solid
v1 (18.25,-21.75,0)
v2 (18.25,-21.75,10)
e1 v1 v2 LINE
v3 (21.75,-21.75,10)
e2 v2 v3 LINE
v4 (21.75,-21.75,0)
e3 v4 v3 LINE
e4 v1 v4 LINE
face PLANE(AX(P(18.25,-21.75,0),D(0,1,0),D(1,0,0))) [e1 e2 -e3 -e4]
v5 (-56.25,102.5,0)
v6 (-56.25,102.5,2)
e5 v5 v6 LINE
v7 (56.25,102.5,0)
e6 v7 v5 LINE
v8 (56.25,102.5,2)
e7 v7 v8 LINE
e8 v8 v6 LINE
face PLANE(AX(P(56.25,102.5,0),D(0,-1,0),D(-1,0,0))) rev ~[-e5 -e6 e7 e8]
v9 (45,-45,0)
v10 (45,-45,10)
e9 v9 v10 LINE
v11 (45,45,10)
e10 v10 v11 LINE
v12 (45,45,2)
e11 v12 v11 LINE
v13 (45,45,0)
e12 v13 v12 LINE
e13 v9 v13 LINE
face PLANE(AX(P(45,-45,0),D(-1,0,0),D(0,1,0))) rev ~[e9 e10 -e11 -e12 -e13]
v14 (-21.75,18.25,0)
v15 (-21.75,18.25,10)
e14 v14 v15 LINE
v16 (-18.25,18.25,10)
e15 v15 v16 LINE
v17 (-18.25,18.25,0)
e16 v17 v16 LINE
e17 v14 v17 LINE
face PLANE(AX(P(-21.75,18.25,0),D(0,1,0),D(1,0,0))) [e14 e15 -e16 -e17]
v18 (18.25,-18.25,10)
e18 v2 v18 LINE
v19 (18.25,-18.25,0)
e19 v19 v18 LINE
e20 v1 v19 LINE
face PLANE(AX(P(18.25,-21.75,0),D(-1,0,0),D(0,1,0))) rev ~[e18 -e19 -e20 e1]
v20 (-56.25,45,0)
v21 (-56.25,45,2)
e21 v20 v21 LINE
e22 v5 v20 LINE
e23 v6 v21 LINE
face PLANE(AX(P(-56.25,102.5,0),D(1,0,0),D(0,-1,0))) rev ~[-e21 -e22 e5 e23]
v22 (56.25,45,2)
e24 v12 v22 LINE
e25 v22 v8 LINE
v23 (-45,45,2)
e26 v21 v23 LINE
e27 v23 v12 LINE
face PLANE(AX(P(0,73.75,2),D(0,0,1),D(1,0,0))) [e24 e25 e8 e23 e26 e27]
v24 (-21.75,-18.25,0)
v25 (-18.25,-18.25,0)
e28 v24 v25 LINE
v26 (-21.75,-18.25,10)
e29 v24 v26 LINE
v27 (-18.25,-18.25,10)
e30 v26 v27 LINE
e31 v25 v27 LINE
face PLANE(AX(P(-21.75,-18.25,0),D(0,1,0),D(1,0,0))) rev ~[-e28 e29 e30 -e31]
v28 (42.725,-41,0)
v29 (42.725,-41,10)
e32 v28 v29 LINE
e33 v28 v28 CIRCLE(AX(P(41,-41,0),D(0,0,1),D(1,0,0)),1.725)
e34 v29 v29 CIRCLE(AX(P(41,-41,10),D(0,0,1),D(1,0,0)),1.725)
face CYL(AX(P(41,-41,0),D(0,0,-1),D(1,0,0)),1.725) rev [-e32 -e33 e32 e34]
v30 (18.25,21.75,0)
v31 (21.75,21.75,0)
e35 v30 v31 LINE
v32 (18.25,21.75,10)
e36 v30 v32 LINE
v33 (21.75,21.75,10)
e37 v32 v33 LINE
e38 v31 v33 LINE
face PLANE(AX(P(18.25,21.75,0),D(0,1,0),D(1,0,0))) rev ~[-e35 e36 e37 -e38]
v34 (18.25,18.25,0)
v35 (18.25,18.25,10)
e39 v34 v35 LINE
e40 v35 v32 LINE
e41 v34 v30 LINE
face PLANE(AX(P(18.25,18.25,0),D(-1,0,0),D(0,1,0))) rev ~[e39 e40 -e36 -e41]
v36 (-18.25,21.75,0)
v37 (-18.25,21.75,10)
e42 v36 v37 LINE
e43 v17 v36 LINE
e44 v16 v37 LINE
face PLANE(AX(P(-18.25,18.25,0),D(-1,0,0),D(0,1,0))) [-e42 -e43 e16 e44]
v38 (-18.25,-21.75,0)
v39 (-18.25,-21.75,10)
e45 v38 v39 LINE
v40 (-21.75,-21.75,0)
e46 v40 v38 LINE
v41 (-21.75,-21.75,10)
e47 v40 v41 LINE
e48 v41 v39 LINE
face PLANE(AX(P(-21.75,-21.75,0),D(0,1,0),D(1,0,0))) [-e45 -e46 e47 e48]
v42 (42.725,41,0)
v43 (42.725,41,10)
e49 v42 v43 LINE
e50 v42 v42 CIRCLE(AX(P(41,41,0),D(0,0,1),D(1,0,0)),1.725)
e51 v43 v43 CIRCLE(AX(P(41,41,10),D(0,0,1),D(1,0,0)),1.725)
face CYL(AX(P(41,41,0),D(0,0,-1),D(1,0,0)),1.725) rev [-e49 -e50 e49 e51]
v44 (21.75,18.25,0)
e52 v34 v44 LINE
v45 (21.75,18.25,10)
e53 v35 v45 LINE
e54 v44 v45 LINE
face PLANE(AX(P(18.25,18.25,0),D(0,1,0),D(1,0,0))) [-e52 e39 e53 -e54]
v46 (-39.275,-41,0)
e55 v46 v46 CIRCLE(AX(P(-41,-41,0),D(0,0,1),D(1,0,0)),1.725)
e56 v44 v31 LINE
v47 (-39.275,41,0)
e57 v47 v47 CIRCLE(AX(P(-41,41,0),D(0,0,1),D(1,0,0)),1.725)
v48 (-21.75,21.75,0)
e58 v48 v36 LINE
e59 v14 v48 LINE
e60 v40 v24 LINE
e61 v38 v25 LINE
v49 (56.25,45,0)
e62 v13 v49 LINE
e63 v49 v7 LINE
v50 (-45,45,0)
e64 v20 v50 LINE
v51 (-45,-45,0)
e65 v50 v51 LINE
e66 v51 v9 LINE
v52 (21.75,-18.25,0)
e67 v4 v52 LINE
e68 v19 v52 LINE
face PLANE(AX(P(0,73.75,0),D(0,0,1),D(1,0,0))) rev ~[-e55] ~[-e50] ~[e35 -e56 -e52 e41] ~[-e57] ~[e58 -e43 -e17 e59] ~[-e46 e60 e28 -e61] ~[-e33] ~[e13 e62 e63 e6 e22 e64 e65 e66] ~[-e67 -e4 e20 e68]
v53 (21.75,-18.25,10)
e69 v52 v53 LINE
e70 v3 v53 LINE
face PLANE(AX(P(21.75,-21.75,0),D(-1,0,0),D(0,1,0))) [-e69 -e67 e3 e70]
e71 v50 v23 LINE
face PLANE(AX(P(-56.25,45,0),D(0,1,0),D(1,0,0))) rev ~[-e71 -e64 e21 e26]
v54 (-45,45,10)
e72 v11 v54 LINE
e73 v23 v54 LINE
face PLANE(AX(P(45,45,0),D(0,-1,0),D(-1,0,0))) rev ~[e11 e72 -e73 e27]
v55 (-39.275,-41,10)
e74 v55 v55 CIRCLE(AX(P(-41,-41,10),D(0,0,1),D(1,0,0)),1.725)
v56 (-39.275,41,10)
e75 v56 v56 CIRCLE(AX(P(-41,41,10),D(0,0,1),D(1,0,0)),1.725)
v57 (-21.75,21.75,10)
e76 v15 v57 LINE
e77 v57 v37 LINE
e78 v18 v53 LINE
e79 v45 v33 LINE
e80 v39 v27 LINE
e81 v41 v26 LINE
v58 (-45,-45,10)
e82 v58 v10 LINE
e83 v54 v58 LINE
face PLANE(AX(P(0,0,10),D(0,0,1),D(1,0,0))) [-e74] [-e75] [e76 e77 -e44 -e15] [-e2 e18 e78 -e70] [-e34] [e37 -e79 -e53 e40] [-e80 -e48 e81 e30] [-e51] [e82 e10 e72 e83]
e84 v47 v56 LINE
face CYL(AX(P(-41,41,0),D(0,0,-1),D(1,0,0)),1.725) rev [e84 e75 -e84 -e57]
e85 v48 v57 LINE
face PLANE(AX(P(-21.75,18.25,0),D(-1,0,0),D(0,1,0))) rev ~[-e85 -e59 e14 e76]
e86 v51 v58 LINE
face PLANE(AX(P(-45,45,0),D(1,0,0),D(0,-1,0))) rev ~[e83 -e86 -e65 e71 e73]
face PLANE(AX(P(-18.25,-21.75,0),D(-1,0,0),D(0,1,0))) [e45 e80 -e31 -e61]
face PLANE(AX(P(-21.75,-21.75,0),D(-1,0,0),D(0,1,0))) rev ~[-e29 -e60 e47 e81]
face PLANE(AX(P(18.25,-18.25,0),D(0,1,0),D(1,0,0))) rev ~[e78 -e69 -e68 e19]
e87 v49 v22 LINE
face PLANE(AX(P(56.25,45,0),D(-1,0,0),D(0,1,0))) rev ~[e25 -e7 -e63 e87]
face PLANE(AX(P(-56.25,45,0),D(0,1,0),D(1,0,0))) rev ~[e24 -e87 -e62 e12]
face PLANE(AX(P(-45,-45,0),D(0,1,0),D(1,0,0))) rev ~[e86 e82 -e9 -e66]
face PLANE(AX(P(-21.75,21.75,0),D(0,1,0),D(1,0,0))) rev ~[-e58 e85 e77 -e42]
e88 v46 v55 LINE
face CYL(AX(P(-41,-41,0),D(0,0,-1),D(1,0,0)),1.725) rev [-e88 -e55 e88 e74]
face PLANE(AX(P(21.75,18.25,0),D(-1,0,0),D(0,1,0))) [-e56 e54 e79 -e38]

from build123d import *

# Parameters (mm, degrees)
F0_R     = 1.725
F0_W     = 3.5
F0_H     = 3.5
F1_DEPTH = 10
F3_DEPTH = 2


with BuildPart() as f1:
    # F0 (on Top) → F1 (new body)
    with BuildSketch(Plane.XY):
        Polygon((45, -45), (45, 0), (45, 45), (0, 45), (-45, 45), (-45, 0), (-45, -45), (0, -45), align=None)
        with Locations((-41, -41)):
            Circle(F0_R, mode=Mode.SUBTRACT)
        with Locations((-20, -20)):
            Rectangle(F0_W, F0_H, mode=Mode.SUBTRACT)
        with Locations((41, -41)):
            Circle(F0_R, mode=Mode.SUBTRACT)
        with Locations((20, -20)):
            Rectangle(F0_W, F0_H, mode=Mode.SUBTRACT)
        with Locations((-20, 20)):
            Rectangle(F0_W, F0_H, mode=Mode.SUBTRACT)
        with Locations((-41, 41)):
            Circle(F0_R, mode=Mode.SUBTRACT)
        with Locations((20, 20)):
            Rectangle(F0_W, F0_H, mode=Mode.SUBTRACT)
        with Locations((41, 41)):
            Circle(F0_R, mode=Mode.SUBTRACT)
    extrude(amount=F1_DEPTH)

    # F2 (on Top) → F3 (join)
    with BuildSketch(Plane.XY):
        Polygon((45, 102.5), (-45, 102.5), (-56.25, 102.5), (-56.25, 45), (56.25, 45), (56.25, 102.5), align=None)
    extrude(amount=F3_DEPTH)


solid = f1.part
